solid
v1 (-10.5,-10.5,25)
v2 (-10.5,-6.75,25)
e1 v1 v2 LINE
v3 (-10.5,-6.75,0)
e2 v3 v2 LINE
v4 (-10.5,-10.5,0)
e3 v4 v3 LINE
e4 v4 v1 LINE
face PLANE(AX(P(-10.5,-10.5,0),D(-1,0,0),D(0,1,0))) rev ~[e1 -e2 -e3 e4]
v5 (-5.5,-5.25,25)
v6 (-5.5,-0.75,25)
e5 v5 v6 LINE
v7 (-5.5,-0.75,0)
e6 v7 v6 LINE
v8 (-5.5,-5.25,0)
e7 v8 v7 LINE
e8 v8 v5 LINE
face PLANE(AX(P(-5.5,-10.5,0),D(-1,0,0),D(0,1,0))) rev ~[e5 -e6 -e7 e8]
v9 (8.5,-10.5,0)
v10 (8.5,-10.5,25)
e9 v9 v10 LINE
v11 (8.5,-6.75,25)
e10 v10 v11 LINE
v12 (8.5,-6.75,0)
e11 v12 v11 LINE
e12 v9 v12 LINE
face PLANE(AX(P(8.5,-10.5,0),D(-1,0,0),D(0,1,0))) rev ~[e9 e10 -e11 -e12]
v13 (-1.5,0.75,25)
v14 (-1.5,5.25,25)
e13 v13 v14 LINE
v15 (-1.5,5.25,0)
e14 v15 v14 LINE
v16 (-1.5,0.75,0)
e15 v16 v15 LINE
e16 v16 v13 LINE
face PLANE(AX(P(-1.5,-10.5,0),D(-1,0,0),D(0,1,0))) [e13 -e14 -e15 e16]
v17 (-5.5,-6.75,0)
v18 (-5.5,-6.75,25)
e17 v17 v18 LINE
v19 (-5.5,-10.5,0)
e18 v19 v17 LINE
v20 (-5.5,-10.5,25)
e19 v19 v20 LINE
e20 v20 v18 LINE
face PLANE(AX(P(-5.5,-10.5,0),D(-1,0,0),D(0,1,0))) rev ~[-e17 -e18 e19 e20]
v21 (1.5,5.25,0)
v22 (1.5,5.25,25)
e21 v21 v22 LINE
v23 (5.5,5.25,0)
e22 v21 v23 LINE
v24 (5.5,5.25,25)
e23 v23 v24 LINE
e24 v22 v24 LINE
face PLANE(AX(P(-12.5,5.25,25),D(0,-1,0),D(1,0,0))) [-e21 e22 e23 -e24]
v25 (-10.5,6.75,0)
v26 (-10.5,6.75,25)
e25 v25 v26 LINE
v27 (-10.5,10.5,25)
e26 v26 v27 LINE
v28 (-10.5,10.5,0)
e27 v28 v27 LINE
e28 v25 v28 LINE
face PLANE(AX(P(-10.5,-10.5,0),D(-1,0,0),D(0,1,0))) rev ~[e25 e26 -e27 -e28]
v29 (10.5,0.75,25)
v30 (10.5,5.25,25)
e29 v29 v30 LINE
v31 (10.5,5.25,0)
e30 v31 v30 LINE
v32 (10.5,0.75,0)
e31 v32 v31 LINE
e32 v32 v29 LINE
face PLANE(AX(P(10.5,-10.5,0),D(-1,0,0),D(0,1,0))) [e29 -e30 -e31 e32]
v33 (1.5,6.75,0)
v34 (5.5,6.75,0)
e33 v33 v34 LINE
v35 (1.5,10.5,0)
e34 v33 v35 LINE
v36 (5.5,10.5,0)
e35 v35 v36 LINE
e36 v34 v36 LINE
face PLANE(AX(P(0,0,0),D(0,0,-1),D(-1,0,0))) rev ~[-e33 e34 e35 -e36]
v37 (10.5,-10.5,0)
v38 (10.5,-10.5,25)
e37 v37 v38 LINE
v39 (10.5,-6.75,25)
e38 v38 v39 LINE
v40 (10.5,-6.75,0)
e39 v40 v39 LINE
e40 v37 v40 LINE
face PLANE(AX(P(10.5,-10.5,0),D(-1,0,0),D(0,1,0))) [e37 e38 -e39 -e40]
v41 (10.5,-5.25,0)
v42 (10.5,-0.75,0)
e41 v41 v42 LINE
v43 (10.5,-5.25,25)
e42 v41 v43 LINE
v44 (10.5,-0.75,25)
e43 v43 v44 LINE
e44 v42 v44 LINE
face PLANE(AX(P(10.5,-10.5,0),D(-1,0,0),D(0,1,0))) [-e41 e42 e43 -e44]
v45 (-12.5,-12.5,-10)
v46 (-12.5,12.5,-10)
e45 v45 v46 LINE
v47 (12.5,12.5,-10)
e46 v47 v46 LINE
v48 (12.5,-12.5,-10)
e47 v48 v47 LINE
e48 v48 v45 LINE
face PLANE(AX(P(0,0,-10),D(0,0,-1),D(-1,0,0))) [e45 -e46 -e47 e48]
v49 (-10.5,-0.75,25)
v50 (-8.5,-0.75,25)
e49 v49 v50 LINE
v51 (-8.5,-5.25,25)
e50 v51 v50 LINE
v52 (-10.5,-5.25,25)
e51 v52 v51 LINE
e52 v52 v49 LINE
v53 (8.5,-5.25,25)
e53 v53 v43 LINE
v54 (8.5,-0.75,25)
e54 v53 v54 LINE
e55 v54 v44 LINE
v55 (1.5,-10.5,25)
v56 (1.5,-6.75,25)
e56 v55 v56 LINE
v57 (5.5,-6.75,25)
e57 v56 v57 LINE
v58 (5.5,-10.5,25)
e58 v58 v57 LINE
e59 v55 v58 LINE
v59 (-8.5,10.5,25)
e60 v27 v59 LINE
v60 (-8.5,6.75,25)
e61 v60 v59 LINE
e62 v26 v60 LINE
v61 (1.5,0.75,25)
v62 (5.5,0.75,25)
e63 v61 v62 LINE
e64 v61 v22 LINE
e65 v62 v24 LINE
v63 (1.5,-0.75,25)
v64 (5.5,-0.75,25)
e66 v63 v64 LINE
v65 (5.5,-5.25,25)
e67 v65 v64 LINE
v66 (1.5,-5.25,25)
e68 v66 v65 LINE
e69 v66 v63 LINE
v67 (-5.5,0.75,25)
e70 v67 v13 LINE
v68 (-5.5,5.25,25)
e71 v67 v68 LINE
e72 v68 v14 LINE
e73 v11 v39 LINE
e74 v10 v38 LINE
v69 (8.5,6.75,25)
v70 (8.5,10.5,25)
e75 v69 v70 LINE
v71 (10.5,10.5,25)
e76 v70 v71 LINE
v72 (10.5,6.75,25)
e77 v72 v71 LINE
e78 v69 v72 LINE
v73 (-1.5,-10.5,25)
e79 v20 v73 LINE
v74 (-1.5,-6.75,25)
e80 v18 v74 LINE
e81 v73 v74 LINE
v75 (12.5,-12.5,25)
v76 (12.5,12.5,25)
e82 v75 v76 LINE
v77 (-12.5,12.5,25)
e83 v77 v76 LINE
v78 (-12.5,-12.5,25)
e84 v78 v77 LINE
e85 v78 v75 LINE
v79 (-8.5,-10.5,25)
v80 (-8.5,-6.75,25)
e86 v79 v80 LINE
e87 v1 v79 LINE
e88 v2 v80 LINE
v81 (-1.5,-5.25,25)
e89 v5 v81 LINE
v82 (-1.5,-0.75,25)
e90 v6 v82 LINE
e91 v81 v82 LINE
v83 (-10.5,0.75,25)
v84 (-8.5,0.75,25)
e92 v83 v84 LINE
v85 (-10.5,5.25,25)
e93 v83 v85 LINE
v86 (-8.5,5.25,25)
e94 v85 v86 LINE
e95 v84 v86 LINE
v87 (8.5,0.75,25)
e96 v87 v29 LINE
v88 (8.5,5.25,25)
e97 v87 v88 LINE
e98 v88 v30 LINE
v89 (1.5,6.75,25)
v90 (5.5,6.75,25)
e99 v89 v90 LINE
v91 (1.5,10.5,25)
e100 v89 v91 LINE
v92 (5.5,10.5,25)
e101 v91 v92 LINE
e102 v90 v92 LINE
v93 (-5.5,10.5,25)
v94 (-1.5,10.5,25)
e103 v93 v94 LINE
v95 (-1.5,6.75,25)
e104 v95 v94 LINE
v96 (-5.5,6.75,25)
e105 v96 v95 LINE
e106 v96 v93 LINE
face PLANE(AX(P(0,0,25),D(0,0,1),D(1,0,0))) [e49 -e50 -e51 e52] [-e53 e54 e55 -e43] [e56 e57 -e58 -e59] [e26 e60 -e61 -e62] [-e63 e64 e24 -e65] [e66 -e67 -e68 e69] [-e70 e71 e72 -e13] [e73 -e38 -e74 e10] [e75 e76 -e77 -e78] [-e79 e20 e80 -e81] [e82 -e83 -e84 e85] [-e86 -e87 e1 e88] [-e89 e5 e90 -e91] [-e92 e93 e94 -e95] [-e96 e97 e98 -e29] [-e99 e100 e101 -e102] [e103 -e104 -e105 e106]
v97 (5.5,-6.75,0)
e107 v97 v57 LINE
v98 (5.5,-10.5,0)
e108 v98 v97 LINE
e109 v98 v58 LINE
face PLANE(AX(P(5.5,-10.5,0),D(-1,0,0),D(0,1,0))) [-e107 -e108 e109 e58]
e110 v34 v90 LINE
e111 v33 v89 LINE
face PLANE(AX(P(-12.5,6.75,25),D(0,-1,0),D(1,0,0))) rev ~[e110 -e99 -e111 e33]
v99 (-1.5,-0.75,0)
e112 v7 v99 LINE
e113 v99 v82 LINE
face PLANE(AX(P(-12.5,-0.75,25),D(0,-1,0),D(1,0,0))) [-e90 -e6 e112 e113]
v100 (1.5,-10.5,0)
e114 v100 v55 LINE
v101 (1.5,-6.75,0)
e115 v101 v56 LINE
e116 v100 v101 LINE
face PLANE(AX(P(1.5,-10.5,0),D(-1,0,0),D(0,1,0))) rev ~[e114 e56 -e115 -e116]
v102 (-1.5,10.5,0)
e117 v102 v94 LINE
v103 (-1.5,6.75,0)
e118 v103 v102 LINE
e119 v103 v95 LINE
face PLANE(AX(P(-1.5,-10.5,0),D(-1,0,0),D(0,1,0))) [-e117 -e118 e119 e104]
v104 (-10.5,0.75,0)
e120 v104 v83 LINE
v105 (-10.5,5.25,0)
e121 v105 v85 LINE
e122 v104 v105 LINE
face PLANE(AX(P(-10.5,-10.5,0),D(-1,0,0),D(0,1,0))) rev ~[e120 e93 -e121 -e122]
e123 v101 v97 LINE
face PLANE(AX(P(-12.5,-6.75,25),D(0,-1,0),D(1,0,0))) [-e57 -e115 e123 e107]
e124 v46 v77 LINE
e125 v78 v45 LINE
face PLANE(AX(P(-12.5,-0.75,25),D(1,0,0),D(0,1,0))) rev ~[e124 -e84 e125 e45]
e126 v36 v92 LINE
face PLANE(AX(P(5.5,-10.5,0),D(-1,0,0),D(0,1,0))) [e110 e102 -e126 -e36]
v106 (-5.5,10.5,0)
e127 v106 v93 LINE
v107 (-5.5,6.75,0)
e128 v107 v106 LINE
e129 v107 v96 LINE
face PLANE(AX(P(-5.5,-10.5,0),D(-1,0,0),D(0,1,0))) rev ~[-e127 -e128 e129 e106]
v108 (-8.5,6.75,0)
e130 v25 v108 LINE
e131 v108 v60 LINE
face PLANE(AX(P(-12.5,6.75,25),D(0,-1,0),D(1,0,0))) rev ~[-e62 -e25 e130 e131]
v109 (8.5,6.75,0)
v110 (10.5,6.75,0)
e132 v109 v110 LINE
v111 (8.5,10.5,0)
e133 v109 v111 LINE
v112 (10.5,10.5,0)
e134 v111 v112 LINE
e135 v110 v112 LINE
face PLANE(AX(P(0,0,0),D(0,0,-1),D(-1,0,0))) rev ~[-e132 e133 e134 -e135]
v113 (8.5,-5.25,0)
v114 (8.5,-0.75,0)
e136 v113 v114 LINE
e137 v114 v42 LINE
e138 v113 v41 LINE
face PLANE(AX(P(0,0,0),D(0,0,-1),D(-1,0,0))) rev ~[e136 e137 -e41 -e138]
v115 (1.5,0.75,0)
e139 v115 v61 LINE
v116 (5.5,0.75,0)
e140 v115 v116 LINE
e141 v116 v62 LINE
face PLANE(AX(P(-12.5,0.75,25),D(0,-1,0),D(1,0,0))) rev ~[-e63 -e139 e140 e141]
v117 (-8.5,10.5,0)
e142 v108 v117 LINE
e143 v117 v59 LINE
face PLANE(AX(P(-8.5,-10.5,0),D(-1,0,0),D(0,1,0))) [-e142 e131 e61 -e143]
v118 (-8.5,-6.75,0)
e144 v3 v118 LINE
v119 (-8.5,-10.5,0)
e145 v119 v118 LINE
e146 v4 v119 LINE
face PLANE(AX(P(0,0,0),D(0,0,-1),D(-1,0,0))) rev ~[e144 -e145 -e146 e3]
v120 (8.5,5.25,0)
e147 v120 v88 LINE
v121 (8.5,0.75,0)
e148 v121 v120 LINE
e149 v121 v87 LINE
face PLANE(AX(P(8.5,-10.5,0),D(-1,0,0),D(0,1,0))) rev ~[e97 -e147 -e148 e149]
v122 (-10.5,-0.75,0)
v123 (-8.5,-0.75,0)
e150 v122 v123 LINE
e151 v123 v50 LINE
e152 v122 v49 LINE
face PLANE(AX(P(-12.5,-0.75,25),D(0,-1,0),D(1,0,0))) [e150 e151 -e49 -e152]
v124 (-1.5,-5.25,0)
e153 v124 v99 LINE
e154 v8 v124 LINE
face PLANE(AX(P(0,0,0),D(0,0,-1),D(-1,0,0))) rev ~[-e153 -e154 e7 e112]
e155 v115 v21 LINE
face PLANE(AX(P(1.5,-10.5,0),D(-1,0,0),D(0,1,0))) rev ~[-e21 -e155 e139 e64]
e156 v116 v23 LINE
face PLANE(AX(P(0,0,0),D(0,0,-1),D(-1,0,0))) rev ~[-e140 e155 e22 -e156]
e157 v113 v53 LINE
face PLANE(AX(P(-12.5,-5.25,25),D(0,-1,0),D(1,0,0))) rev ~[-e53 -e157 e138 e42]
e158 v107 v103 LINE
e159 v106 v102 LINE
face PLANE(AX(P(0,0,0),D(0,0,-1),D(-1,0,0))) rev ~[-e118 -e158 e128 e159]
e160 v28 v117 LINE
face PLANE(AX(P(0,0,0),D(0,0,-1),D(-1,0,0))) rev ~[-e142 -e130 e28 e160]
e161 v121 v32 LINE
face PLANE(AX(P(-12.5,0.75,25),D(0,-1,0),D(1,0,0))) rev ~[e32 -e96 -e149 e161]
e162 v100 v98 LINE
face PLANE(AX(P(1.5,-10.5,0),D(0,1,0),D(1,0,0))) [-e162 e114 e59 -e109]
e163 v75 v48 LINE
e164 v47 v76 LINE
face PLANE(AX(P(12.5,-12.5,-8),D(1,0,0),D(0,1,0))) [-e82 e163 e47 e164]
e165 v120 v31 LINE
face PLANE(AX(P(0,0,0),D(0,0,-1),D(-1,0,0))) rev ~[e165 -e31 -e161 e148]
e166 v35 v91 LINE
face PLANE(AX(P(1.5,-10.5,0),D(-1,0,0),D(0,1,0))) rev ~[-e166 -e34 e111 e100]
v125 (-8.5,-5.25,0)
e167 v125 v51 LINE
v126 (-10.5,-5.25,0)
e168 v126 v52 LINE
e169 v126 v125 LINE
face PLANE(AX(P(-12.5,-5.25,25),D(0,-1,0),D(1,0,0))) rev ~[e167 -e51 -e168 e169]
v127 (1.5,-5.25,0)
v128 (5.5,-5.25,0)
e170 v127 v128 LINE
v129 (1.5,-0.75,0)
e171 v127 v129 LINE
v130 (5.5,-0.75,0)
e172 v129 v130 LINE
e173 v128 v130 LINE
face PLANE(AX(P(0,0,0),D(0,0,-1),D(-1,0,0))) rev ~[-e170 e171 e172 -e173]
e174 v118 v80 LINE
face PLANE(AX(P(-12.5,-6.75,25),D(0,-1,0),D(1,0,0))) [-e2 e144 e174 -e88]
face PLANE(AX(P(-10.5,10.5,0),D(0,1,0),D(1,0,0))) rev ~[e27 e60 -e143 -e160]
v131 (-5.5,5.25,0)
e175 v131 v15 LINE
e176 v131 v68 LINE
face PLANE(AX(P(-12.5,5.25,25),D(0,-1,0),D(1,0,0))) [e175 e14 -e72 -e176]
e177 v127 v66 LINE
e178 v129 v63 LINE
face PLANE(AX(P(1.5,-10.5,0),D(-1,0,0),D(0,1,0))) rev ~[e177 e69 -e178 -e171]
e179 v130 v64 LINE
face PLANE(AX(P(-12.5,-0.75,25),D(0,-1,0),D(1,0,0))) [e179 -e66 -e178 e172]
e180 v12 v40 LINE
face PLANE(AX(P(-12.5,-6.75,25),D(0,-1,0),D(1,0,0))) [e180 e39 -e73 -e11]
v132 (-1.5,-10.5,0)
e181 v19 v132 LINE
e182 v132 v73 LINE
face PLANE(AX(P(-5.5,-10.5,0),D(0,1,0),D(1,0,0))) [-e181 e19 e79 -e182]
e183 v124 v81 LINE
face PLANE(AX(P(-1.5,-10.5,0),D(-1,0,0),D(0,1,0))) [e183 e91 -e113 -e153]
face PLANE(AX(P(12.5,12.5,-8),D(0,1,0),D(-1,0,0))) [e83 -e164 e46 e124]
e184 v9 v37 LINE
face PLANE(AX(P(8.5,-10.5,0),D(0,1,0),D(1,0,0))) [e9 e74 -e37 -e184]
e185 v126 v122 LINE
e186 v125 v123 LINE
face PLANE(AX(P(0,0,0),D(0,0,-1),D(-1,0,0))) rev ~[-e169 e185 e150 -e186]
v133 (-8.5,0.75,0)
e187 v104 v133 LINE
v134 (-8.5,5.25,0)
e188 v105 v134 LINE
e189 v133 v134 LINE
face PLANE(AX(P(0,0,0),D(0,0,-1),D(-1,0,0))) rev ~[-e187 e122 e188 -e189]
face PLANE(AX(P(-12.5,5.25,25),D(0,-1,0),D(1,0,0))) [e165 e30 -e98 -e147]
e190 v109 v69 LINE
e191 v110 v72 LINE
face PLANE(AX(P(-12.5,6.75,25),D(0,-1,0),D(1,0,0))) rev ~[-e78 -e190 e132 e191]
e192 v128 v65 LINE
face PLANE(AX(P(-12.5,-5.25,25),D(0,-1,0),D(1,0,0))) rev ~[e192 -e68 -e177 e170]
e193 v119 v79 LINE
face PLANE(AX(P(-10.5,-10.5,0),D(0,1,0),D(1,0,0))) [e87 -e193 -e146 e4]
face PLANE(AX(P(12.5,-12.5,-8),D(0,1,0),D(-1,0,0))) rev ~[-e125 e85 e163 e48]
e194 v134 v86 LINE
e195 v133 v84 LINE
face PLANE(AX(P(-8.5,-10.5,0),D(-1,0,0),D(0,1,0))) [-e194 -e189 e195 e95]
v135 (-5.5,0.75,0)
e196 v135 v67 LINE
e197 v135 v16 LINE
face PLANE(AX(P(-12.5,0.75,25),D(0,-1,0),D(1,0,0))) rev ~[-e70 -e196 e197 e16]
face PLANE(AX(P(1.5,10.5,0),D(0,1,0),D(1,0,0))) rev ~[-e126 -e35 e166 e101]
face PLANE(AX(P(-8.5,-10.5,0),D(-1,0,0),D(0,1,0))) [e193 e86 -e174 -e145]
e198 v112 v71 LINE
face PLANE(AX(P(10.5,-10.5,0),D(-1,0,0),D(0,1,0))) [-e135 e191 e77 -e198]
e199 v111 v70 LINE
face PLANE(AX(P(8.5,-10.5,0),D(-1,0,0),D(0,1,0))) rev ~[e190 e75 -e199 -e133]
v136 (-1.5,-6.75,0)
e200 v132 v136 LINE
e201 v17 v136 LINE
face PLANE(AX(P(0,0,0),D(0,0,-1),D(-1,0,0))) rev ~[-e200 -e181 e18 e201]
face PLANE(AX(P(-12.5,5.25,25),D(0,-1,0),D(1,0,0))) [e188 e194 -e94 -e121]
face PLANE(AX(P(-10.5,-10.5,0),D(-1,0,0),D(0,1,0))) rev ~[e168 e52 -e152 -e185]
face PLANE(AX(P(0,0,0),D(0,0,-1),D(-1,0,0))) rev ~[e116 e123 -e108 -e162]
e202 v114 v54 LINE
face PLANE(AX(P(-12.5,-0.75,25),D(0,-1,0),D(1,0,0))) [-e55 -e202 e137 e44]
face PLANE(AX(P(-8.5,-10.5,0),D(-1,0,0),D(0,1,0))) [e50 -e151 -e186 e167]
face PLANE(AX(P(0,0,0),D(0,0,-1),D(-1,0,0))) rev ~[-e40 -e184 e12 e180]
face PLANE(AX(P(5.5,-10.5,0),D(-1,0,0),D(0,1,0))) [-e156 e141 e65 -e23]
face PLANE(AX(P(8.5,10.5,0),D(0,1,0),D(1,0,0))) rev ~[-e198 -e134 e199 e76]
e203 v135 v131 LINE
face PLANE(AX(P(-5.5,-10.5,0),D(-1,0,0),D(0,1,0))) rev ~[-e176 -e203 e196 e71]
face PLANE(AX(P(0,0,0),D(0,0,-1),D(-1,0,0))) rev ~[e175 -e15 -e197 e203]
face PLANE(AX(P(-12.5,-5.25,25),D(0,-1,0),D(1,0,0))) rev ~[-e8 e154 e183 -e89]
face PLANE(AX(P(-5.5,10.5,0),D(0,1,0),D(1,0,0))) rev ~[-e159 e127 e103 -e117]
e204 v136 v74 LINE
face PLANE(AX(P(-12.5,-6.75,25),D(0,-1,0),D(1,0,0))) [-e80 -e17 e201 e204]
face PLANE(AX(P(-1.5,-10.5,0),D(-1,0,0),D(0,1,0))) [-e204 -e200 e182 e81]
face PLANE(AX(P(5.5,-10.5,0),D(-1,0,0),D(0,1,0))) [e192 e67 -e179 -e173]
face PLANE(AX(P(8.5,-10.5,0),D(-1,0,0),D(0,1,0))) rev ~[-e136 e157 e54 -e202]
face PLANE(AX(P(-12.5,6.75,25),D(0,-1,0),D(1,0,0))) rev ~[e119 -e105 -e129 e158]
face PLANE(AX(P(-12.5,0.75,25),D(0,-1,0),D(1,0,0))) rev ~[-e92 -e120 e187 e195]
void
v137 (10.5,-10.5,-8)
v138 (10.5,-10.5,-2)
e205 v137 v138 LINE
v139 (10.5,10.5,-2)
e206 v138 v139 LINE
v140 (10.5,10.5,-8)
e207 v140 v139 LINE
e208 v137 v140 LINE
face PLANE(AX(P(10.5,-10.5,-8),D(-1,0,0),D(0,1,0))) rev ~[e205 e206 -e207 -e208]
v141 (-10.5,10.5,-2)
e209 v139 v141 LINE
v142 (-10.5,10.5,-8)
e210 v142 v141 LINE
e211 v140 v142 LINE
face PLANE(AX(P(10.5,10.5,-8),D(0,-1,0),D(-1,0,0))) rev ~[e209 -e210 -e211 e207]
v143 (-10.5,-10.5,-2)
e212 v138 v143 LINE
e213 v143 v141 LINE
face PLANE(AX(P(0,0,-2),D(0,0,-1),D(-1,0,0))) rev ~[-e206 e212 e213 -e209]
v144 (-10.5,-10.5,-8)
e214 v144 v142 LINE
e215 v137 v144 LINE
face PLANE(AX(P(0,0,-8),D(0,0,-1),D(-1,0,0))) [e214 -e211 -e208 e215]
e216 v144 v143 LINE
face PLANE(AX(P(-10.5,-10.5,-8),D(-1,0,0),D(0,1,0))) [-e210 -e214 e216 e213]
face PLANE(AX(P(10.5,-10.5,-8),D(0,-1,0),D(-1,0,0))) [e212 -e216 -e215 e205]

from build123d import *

# Parameters (mm, degrees)
SKETCH_8_W          = 25
SKETCH_8_H          = 25
SKETCH_8_W_2        = 4
SKETCH_8_H_2        = 21
SKETCH_8_W_3        = 2
EXTRUDE_7_DEPTH     = 25
SKETCH_9_W          = 25
SKETCH_9_H          = 25
EXTRUDE_8_DEPTH     = 2
SKETCH_11_W         = 25
SKETCH_11_H         = 25
EXTRUDE_9_DEPTH     = 6
SKETCH_12_W         = 21
SKETCH_12_H         = 21
CUT_EXTRUDE_1_DEPTH = 6
SKETCH_13_W         = 25
SKETCH_13_H         = 25
EXTRUDE_10_DEPTH    = 2
SKETCH_14_W         = 25
SKETCH_14_H         = 1.5
EXTRUDE_11_DEPTH    = 25


with BuildPart() as part:
    # 草图8 → 凸台-拉伸7 (new body)
    with BuildSketch(Plane.XY):
        Rectangle(SKETCH_8_W, SKETCH_8_H)
        with Locations((3.5, 0)):
            Rectangle(SKETCH_8_W_2, SKETCH_8_H_2, mode=Mode.SUBTRACT)
        with Locations((-3.5, 0)):
            Rectangle(SKETCH_8_W_2, SKETCH_8_H_2, mode=Mode.SUBTRACT)
        with Locations((-9.5, 0)):
            Rectangle(SKETCH_8_W_3, SKETCH_8_H_2, mode=Mode.SUBTRACT)
        with Locations((9.5, 0)):
            Rectangle(SKETCH_8_W_3, SKETCH_8_H_2, mode=Mode.SUBTRACT)
    extrude(amount=EXTRUDE_7_DEPTH)

    # 草图9 → 凸台-拉伸8 (add)
    with BuildSketch(Plane(origin=(0, 0, 0), x_dir=(-1, 0, 0), z_dir=(0, 0, -1))):
        Rectangle(SKETCH_9_W, SKETCH_9_H)
    extrude(amount=EXTRUDE_8_DEPTH)

    # 草图11 → 凸台-拉伸9 (add)
    with BuildSketch(Plane(origin=(0, 0, -2), x_dir=(-1, 0, 0), z_dir=(0, 0, -1))):
        Rectangle(SKETCH_11_W, SKETCH_11_H)
    extrude(amount=EXTRUDE_9_DEPTH)

    # 草图12 → 切除-拉伸1 (cut)
    with BuildSketch(Plane(origin=(0, 0, -8), x_dir=(-1, 0, 0), z_dir=(0, 0, -1))):
        Rectangle(SKETCH_12_W, SKETCH_12_H)
    extrude(amount=-CUT_EXTRUDE_1_DEPTH, mode=Mode.SUBTRACT)

    # 草图13 → 凸台-拉伸10 (add)
    with BuildSketch(Plane(origin=(0, 0, -8), x_dir=(-1, 0, 0), z_dir=(0, 0, -1))):
        Rectangle(SKETCH_13_W, SKETCH_13_H)
    extrude(amount=EXTRUDE_10_DEPTH)

    # 草图14 → 凸台-拉伸11 (add)
    with BuildSketch(Plane.XY.offset(25)):
        Rectangle(SKETCH_14_W, SKETCH_14_H)
        with Locations((0, 6)):
            Rectangle(SKETCH_14_W, SKETCH_14_H)
        with Locations((0, -6)):
            Rectangle(SKETCH_14_W, SKETCH_14_H)
    extrude(amount=-EXTRUDE_11_DEPTH)


solid = part.part
